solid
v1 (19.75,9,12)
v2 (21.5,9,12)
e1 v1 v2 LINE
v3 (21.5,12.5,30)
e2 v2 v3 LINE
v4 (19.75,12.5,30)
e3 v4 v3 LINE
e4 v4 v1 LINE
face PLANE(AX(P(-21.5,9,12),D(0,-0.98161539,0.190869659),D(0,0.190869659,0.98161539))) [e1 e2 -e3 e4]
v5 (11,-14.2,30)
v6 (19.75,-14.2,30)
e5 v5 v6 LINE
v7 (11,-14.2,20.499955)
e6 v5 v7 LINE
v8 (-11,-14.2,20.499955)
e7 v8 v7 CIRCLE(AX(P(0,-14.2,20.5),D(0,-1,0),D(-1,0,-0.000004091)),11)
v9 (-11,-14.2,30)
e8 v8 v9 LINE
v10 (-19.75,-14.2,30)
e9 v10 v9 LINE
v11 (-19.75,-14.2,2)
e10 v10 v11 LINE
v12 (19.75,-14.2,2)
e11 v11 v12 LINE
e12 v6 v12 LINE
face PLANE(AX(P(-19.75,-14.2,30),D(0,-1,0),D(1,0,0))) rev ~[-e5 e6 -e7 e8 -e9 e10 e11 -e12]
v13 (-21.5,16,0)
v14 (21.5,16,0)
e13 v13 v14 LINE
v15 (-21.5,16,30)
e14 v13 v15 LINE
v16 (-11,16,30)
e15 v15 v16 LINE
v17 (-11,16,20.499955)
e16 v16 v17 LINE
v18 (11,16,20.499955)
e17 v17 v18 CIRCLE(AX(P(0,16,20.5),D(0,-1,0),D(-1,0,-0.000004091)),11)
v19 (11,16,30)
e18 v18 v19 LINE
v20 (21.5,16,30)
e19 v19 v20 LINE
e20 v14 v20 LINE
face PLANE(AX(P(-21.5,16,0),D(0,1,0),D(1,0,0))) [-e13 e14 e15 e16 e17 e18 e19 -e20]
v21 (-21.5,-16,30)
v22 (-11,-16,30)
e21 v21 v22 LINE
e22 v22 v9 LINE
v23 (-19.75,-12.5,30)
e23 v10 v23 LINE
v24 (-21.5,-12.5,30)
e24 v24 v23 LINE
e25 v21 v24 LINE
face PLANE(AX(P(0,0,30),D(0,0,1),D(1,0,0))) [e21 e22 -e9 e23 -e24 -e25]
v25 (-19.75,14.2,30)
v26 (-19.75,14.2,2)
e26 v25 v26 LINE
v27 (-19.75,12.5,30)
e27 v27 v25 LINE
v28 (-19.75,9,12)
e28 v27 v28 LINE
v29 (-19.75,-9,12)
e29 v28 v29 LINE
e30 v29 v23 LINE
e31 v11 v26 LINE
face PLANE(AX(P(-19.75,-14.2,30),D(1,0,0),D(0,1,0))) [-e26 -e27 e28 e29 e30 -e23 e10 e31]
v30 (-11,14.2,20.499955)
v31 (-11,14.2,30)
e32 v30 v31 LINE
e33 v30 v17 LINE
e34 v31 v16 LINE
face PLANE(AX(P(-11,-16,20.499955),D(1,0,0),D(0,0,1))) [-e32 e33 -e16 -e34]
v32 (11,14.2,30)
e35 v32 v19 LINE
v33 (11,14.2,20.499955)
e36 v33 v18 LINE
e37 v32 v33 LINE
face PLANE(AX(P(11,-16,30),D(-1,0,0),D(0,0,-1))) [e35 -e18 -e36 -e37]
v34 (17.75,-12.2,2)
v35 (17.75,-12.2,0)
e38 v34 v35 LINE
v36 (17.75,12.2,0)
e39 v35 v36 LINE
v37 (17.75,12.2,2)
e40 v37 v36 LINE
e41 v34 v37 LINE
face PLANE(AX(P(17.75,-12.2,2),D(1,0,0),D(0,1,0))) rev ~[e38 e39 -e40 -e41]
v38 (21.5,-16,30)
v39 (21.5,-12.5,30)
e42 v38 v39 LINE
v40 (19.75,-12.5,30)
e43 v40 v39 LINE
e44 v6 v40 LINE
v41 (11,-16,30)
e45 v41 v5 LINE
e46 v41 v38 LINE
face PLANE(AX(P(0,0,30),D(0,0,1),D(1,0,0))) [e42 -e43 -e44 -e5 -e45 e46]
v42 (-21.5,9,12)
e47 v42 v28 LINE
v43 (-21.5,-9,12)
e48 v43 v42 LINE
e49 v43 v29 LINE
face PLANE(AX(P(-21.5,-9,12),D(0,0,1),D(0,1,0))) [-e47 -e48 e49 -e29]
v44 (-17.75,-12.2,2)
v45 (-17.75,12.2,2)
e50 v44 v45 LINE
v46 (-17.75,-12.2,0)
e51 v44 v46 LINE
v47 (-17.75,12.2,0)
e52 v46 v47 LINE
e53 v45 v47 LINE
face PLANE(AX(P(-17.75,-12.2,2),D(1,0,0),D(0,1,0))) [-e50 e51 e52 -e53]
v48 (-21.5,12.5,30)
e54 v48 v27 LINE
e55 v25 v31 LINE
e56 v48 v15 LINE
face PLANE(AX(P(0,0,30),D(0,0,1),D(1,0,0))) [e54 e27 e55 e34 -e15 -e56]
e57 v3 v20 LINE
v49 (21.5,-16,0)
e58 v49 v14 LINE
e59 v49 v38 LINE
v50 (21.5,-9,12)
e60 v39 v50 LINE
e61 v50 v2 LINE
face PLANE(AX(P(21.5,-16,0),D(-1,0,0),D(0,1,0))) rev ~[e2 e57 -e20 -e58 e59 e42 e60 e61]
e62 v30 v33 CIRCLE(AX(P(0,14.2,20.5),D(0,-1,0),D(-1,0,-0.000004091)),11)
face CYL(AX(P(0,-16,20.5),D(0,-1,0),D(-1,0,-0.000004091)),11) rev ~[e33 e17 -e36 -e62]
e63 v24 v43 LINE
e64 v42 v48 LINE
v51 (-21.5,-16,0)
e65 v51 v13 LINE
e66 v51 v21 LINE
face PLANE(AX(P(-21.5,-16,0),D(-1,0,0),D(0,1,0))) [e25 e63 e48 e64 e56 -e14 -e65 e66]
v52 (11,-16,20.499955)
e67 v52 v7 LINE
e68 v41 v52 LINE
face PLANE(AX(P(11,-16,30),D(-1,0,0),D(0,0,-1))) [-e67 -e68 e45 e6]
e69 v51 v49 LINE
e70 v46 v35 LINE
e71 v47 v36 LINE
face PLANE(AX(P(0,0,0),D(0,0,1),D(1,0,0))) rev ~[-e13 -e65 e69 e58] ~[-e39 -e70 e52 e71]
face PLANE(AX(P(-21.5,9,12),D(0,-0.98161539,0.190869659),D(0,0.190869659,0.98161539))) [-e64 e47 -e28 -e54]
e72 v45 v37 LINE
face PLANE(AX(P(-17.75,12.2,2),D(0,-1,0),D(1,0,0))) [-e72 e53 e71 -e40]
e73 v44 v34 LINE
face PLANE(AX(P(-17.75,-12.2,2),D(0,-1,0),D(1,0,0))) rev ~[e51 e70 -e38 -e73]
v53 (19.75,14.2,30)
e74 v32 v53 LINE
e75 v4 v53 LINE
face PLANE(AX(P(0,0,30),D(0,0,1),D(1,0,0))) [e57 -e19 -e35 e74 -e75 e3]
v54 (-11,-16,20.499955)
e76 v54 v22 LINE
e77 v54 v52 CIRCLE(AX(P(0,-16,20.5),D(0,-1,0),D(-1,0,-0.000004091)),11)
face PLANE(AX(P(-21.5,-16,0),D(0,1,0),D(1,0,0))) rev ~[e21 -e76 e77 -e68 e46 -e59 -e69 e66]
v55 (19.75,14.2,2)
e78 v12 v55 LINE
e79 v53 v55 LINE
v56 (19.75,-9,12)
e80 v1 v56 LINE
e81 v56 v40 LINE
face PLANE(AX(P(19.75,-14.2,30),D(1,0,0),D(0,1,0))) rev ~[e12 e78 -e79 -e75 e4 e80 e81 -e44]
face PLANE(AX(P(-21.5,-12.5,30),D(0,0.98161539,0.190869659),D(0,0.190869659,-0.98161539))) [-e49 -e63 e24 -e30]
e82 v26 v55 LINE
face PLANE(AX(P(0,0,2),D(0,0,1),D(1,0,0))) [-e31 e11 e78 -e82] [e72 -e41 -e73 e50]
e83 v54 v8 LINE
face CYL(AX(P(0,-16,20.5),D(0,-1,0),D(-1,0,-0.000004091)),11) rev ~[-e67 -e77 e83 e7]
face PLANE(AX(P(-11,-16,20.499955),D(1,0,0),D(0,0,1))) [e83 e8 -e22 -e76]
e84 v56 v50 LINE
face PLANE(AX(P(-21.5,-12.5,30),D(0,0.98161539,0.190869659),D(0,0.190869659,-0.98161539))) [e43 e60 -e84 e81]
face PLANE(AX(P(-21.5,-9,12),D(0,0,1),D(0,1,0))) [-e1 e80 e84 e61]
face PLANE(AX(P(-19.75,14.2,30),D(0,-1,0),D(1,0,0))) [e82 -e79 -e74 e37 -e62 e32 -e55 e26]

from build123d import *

# Parameters (mm, degrees)
SKETCH_W        = 43
SKETCH_H        = 32
PAD_DEPTH       = 30
SKETCH001_W     = 39.5
SKETCH001_H     = 28.4
POCKET_DEPTH    = 28
POCKET001_DEPTH = 32.001
SKETCH003_W     = 35.5
SKETCH003_H     = 24.4
POCKET002_DEPTH = 2.001
POCKET003_DEPTH = 43.001


with BuildPart() as part:
    # Sketch → Pad (new body)
    with BuildSketch(Plane.XY):
        Rectangle(SKETCH_W, SKETCH_H)
    extrude(amount=PAD_DEPTH)

    # Sketch001 → Pocket (cut)
    with BuildSketch(Plane.XY.offset(30)):
        Rectangle(SKETCH001_W, SKETCH001_H)
    extrude(amount=-POCKET_DEPTH, mode=Mode.SUBTRACT)

    # Sketch002 → Pocket001 (cut, through all)
    with BuildSketch(Plane.XZ.offset(16)):
        with BuildLine():
            Line((-11, 30), (11, 30))
            Line((11, 30), (11, 20.499955))
            ThreePointArc((-11, 20.499955), (0, 9.5), (11, 20.499955))
            Line((-11, 20.499955), (-11, 30))
        make_face()
    extrude(amount=-POCKET001_DEPTH, mode=Mode.SUBTRACT)

    # Sketch003 → Pocket002 (cut, through all)
    with BuildSketch(Plane.XY.offset(2)):
        Rectangle(SKETCH003_W, SKETCH003_H)
    extrude(amount=-POCKET002_DEPTH, mode=Mode.SUBTRACT)

    # Sketch004 → Pocket003 (cut, through all)
    with BuildSketch(Plane(origin=(-21.5, 0, 0), x_dir=(0, -1, 0), z_dir=(-1, 0, 0))):
        Polygon((-12.5, 30), (12.5, 30), (9, 12), (-9, 12), align=None)
    extrude(amount=-POCKET003_DEPTH, mode=Mode.SUBTRACT)


solid = part.part
